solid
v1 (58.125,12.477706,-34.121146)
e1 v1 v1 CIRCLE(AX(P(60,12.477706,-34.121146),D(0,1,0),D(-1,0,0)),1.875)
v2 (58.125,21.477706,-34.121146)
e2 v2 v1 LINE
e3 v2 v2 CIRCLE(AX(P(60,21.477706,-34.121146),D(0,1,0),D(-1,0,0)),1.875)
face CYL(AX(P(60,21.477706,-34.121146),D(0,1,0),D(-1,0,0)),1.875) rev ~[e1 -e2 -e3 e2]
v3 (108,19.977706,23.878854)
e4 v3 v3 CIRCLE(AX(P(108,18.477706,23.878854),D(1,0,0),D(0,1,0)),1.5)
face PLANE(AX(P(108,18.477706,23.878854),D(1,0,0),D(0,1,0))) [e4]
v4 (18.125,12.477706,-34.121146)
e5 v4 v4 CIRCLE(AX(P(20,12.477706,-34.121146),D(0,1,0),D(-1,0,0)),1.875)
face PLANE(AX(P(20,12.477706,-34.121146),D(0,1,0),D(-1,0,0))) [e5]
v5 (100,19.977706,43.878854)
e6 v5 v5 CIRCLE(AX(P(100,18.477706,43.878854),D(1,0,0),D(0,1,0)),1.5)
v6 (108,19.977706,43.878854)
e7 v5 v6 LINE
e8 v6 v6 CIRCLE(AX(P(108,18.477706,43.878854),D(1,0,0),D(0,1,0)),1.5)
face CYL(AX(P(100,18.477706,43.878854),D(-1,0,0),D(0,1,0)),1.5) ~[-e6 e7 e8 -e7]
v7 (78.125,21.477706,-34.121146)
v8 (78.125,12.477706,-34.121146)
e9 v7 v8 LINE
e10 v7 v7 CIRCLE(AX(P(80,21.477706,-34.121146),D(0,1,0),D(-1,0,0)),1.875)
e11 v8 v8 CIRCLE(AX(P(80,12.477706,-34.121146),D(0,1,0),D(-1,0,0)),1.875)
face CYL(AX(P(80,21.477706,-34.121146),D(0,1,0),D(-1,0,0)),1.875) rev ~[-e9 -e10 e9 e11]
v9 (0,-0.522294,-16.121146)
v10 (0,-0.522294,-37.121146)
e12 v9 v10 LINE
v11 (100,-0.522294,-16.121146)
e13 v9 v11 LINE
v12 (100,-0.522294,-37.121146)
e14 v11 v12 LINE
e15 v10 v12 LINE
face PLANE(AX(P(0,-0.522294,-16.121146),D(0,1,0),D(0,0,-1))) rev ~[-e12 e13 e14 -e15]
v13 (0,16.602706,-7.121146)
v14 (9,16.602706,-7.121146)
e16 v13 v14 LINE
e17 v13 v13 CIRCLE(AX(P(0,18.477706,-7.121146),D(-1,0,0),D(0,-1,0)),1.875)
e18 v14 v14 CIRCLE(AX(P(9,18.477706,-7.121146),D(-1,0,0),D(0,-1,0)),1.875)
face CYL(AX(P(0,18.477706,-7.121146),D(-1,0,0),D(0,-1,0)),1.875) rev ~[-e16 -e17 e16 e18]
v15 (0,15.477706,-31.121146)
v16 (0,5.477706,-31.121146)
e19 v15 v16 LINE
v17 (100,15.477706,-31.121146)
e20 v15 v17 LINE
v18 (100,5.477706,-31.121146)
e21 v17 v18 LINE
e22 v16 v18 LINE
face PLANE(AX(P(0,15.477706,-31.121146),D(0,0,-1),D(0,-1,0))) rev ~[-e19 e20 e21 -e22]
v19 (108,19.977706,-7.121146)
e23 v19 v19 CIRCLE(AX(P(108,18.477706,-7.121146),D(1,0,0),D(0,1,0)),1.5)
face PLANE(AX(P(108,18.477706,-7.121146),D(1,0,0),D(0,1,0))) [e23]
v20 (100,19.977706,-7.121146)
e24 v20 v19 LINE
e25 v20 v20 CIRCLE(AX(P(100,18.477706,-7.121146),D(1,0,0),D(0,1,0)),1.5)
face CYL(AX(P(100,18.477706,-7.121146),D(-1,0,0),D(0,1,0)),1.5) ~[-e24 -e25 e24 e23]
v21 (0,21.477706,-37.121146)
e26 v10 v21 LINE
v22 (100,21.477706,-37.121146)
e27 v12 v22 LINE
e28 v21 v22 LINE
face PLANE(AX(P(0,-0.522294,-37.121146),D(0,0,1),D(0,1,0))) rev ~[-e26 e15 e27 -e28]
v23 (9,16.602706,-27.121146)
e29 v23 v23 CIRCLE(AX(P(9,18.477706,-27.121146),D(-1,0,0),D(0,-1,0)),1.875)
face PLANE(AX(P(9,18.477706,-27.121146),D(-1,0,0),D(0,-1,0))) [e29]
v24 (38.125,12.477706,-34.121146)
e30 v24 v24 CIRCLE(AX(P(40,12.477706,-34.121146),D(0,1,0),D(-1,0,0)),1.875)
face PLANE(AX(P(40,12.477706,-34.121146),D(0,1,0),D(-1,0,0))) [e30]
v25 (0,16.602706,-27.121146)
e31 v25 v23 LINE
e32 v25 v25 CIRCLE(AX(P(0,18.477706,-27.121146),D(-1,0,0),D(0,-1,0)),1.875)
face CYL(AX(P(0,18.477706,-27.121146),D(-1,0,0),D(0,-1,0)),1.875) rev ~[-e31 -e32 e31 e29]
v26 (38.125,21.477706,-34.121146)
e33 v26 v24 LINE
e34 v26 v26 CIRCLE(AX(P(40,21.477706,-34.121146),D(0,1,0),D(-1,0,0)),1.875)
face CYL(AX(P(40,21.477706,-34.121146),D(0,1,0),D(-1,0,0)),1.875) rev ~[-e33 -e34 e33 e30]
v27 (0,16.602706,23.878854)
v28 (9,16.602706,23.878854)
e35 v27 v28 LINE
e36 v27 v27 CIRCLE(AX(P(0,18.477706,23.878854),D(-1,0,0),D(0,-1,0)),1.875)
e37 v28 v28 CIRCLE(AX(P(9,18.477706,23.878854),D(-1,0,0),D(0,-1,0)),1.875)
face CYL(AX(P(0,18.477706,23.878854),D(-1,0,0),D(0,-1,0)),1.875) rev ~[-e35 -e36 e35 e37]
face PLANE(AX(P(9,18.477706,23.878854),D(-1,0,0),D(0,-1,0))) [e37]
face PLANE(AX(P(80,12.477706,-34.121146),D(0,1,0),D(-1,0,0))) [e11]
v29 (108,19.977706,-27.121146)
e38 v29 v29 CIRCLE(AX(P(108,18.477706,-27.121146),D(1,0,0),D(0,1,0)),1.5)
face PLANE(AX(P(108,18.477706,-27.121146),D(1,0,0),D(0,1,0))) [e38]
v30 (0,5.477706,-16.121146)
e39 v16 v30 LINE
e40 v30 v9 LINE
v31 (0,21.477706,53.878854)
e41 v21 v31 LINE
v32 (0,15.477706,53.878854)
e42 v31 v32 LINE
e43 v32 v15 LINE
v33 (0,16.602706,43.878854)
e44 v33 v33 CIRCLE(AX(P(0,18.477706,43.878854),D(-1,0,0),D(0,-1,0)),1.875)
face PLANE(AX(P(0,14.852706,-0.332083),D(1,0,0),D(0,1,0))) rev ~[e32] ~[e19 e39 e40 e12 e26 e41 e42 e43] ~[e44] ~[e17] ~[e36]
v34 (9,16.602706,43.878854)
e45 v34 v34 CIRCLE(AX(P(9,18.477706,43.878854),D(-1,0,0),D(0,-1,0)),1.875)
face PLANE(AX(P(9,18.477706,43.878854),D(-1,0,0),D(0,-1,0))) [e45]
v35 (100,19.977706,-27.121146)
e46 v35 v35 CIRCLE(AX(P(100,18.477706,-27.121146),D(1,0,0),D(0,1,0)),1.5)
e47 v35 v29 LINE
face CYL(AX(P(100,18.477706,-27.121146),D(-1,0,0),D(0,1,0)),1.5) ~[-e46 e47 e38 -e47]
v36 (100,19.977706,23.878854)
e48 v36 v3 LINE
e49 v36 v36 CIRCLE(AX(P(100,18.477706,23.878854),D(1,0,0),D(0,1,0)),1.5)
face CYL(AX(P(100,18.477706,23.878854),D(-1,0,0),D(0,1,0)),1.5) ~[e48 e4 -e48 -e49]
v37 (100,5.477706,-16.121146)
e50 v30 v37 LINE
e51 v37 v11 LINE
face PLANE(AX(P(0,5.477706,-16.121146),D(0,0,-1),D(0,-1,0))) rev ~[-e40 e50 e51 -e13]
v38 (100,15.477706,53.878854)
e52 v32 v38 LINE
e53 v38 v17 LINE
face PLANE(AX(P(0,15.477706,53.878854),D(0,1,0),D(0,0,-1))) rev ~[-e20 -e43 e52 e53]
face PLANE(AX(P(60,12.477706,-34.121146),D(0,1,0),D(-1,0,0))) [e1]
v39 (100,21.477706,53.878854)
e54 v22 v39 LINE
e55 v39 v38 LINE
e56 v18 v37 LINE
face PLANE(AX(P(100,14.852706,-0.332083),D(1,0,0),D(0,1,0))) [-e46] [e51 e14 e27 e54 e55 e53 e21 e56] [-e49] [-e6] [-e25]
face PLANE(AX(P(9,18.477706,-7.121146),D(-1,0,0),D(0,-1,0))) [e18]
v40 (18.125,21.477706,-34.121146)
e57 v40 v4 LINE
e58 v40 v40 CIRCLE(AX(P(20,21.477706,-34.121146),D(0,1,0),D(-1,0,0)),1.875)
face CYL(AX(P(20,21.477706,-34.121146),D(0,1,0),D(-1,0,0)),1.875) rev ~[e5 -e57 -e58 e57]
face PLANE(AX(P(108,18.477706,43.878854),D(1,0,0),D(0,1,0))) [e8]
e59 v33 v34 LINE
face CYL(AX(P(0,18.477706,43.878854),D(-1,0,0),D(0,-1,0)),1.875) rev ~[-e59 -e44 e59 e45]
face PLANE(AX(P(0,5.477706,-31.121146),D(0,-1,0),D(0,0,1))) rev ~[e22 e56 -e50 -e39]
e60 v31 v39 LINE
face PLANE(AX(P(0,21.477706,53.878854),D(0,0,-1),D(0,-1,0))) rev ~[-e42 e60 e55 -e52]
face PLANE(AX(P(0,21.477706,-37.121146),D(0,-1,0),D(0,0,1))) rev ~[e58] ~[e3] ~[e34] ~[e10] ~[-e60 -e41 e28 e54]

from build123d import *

# Parameters (mm, degrees)
F1_DEPTH = 100
F2_R     = 1.5
F3_DEPTH = 8
F4_R     = 1.875
F5_DEPTH = 9
F6_R     = 1.875
F7_DEPTH = 9


with BuildPart() as f1:
    # F0 (on Right) → F1 (new body)
    with BuildSketch(Plane.YZ):
        Polygon((21.477706, -37.121146), (21.477706, 53.878854), (15.477706, 53.878854), (15.477706, -31.121146), (5.477706, -31.121146), (5.477706, -16.121146), (-0.522294, -16.121146), (-0.522294, -37.121146), align=None)
    extrude(amount=F1_DEPTH)

    # F2 (on face) → F3 (join)
    with BuildSketch(Plane.YZ.offset(100)):
        with Locations((18.477706, 43.878854)):
            Circle(F2_R)
        with Locations((18.477706, 23.878854)):
            Circle(F2_R)
        with Locations((18.477706, -7.121146)):
            Circle(F2_R)
        with Locations((18.477706, -27.121146)):
            Circle(F2_R)
    extrude(amount=F3_DEPTH)

    # F4 (on face) → F5 (cut)
    with BuildSketch(Plane(origin=(0, 0, 0), x_dir=(0, -1, 0), z_dir=(-1, 0, 0))):
        with Locations((-18.477706, 23.878854)):
            Circle(F4_R)
        with Locations((-18.477706, 43.878854)):
            Circle(F4_R)
        with Locations((-18.477706, -7.121146)):
            Circle(F4_R)
        with Locations((-18.477706, -27.121146)):
            Circle(F4_R)
    extrude(amount=-F5_DEPTH, mode=Mode.SUBTRACT)

    # F6 (on face) → F7 (cut)
    with BuildSketch(Plane(origin=(0, 21.477706, 0), x_dir=(-1, 0, 0), z_dir=(0, 1, 0))):
        with Locations((-80, -34.121146)):
            Circle(F6_R)
        with Locations((-60, -34.121146)):
            Circle(F6_R)
        with Locations((-40, -34.121146)):
            Circle(F6_R)
        with Locations((-20, -34.121146)):
            Circle(F6_R)
    extrude(amount=-F7_DEPTH, mode=Mode.SUBTRACT)


solid = f1.part
